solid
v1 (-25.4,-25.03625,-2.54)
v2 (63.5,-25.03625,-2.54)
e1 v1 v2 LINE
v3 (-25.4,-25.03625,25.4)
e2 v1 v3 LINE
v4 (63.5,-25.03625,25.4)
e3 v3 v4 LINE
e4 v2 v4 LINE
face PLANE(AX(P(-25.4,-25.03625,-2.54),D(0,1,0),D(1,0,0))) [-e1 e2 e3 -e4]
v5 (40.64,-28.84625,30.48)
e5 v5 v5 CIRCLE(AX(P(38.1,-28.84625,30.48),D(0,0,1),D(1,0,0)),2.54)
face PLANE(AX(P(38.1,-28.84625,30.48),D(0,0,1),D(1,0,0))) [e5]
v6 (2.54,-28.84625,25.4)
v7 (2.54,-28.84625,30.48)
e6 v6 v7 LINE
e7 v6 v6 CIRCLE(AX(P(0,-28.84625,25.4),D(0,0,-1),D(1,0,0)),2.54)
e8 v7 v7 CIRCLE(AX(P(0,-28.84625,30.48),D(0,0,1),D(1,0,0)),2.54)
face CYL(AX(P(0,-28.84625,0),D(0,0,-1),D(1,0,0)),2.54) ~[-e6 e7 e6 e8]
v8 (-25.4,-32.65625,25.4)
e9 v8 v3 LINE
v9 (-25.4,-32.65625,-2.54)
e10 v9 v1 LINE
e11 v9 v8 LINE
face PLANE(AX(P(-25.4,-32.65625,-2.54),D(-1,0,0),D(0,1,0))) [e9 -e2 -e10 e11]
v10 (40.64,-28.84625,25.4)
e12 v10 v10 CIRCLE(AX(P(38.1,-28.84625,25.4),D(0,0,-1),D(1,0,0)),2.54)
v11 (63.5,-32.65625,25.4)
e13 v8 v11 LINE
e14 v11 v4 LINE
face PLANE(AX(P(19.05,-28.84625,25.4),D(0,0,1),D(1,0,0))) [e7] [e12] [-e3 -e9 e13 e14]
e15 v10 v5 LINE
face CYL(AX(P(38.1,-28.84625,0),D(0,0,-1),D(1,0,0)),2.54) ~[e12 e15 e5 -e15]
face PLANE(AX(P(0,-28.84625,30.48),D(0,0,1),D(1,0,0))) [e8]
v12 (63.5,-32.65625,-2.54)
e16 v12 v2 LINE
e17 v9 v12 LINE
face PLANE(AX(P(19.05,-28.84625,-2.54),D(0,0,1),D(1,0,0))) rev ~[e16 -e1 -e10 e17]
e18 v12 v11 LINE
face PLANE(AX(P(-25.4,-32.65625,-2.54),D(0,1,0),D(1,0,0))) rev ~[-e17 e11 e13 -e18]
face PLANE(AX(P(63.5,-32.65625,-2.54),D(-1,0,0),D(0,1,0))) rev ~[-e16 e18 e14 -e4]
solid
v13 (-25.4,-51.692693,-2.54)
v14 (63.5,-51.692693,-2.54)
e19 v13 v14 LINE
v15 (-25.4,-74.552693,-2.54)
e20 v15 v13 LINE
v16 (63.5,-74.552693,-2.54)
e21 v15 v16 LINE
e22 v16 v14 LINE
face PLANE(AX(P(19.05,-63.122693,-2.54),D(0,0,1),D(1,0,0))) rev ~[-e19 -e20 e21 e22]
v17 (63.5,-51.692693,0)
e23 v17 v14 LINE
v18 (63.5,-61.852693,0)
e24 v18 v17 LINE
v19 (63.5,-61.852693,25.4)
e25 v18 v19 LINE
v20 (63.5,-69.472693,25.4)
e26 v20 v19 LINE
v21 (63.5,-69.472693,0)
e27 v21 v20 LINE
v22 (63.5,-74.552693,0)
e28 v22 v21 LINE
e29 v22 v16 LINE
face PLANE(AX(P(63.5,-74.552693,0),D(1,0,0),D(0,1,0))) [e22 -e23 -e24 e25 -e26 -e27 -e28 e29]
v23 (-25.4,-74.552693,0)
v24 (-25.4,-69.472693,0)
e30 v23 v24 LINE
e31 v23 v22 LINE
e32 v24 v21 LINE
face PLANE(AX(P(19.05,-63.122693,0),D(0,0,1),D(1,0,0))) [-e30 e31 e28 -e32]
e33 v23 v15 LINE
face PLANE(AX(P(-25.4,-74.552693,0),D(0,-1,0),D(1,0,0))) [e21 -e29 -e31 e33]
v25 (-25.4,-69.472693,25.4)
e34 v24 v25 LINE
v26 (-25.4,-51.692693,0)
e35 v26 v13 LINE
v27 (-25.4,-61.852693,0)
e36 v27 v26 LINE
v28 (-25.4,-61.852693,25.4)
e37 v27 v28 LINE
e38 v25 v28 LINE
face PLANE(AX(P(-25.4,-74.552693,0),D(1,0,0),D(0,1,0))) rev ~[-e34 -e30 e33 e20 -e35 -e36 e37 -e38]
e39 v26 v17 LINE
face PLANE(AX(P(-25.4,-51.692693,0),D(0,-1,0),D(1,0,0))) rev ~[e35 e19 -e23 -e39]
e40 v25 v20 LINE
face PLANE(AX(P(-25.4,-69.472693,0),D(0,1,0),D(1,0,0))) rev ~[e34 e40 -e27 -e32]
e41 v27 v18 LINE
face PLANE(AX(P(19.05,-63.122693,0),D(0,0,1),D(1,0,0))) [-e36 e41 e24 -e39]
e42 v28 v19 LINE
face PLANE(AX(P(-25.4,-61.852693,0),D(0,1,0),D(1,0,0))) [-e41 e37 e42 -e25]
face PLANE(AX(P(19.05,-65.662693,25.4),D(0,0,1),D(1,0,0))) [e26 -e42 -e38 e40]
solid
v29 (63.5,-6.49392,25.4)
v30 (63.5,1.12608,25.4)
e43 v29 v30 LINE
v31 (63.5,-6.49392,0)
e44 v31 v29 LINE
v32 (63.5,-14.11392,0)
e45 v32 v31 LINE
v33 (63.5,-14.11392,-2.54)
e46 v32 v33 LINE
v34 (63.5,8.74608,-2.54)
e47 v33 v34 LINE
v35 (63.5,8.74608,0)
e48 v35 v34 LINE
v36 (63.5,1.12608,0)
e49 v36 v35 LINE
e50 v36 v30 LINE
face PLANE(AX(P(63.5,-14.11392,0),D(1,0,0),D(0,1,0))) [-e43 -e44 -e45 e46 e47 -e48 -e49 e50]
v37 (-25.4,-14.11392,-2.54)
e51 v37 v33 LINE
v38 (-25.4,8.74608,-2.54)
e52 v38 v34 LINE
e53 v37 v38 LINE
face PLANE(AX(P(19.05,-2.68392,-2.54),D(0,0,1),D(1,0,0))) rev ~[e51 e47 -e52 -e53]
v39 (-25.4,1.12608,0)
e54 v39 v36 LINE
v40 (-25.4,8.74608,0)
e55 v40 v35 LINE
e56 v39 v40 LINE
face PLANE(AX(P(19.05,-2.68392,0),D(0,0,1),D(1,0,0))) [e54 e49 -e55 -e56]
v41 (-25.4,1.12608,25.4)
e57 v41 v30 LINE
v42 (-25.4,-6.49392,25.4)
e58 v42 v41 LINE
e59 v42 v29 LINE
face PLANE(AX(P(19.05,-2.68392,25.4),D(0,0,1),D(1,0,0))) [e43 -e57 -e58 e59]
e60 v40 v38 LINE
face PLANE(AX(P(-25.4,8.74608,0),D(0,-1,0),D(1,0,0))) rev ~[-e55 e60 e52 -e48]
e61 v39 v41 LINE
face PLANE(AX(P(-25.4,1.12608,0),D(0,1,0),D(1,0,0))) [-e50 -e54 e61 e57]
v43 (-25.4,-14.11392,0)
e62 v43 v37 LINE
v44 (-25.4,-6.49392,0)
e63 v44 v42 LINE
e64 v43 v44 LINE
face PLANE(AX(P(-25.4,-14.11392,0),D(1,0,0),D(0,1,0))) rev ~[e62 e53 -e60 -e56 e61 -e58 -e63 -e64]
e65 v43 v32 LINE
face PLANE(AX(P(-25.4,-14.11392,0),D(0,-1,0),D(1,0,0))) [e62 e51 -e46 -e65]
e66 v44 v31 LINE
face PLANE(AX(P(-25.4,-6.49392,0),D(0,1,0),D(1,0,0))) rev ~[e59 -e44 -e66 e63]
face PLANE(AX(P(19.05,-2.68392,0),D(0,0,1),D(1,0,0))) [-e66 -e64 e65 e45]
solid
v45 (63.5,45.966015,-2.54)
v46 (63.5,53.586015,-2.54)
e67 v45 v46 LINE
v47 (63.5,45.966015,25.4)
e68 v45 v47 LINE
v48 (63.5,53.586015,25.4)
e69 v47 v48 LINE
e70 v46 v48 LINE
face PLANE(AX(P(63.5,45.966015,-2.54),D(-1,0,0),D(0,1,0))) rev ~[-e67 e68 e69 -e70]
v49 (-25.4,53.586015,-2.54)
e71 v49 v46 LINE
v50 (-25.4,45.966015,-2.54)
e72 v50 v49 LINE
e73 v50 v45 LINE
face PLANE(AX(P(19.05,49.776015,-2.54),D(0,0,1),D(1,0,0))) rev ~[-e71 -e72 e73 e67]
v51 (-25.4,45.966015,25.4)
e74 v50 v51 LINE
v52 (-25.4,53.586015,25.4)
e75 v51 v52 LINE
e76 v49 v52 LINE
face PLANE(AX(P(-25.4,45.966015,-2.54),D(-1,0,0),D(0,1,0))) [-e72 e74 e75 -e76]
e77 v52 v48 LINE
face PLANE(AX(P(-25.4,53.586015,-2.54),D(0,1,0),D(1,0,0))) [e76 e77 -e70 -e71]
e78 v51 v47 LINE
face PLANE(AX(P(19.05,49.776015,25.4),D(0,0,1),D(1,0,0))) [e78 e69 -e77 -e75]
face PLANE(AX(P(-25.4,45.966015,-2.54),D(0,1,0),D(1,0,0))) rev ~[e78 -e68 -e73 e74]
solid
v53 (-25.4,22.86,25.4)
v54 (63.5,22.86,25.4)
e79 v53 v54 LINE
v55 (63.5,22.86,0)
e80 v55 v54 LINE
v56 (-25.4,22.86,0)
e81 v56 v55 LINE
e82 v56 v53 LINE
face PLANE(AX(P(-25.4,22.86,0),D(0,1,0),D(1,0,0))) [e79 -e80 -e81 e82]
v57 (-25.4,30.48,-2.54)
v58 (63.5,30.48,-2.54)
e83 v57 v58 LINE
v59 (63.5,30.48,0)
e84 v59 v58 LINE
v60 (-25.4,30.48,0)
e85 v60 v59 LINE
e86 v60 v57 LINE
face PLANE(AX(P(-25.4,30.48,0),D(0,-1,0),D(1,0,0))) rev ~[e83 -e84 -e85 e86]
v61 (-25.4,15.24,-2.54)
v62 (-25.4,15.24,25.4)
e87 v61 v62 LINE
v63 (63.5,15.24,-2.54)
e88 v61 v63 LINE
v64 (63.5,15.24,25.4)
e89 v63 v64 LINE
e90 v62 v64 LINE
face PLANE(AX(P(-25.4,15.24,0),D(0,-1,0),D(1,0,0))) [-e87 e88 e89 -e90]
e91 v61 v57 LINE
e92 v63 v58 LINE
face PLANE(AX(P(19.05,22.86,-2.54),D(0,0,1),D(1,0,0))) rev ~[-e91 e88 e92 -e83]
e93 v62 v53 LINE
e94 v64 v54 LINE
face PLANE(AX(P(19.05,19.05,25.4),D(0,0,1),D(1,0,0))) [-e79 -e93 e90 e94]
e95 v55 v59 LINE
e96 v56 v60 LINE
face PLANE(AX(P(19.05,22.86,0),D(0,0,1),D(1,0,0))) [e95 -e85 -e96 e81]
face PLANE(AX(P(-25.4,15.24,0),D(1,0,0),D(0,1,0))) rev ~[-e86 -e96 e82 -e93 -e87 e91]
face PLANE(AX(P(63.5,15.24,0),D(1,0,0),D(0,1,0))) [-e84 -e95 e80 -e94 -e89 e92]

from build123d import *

# Parameters (mm, degrees)
F0_W     = 88.9
F0_H     = 7.62
F1_DEPTH = 25.4
F2_W     = 88.9
F2_H     = 15.24
F2_H_2   = 22.86
F3_DEPTH = 2.54
F5_W     = 88.9
F5_H     = 7.62
F6_DEPTH = 27.94
F7_R     = 2.54
F8_DEPTH = 30.48


with BuildPart() as f1:
    # F0 (on Top) → F1 (new body)
    with BuildSketch(Plane.XY):
        with Locations((19.05, 19.05)):
            Rectangle(F0_W, F0_H)
        with Locations((19.05, -2.68392)):
            Rectangle(F0_W, F0_H)
        with Locations((19.05, -65.662693)):
            Rectangle(F0_W, F0_H)
    extrude(amount=F1_DEPTH)

    # F2 (on Top) → F3 (join)
    with BuildSketch(Plane.XY):
        with Locations((19.05, 22.86)):
            Rectangle(F2_W, F2_H)
        with Locations((19.05, -2.68392)):
            Rectangle(F2_W, F2_H_2)
        with Locations((19.05, -63.122693)):
            Rectangle(F2_W, F2_H_2)
    extrude(amount=-F3_DEPTH)


with BuildPart() as f6:
    # F5 (on offset) → F6 (new body)
    with BuildSketch(Plane.XY.offset(-2.54)):
        with Locations((19.05, -28.84625)):
            Rectangle(F5_W, F5_H)
        with Locations((19.05, 49.776015)):
            Rectangle(F5_W, F5_H)
    extrude(amount=F6_DEPTH)

    # F7 (on Top) → F8 (join)
    with BuildSketch(Plane.XY):
        with Locations((38.1, -28.84625)):
            Circle(F7_R)
        with Locations((0, -28.84625)):
            Circle(F7_R)
    extrude(amount=F8_DEPTH)


solid = Compound([f1.part, f6.part])
